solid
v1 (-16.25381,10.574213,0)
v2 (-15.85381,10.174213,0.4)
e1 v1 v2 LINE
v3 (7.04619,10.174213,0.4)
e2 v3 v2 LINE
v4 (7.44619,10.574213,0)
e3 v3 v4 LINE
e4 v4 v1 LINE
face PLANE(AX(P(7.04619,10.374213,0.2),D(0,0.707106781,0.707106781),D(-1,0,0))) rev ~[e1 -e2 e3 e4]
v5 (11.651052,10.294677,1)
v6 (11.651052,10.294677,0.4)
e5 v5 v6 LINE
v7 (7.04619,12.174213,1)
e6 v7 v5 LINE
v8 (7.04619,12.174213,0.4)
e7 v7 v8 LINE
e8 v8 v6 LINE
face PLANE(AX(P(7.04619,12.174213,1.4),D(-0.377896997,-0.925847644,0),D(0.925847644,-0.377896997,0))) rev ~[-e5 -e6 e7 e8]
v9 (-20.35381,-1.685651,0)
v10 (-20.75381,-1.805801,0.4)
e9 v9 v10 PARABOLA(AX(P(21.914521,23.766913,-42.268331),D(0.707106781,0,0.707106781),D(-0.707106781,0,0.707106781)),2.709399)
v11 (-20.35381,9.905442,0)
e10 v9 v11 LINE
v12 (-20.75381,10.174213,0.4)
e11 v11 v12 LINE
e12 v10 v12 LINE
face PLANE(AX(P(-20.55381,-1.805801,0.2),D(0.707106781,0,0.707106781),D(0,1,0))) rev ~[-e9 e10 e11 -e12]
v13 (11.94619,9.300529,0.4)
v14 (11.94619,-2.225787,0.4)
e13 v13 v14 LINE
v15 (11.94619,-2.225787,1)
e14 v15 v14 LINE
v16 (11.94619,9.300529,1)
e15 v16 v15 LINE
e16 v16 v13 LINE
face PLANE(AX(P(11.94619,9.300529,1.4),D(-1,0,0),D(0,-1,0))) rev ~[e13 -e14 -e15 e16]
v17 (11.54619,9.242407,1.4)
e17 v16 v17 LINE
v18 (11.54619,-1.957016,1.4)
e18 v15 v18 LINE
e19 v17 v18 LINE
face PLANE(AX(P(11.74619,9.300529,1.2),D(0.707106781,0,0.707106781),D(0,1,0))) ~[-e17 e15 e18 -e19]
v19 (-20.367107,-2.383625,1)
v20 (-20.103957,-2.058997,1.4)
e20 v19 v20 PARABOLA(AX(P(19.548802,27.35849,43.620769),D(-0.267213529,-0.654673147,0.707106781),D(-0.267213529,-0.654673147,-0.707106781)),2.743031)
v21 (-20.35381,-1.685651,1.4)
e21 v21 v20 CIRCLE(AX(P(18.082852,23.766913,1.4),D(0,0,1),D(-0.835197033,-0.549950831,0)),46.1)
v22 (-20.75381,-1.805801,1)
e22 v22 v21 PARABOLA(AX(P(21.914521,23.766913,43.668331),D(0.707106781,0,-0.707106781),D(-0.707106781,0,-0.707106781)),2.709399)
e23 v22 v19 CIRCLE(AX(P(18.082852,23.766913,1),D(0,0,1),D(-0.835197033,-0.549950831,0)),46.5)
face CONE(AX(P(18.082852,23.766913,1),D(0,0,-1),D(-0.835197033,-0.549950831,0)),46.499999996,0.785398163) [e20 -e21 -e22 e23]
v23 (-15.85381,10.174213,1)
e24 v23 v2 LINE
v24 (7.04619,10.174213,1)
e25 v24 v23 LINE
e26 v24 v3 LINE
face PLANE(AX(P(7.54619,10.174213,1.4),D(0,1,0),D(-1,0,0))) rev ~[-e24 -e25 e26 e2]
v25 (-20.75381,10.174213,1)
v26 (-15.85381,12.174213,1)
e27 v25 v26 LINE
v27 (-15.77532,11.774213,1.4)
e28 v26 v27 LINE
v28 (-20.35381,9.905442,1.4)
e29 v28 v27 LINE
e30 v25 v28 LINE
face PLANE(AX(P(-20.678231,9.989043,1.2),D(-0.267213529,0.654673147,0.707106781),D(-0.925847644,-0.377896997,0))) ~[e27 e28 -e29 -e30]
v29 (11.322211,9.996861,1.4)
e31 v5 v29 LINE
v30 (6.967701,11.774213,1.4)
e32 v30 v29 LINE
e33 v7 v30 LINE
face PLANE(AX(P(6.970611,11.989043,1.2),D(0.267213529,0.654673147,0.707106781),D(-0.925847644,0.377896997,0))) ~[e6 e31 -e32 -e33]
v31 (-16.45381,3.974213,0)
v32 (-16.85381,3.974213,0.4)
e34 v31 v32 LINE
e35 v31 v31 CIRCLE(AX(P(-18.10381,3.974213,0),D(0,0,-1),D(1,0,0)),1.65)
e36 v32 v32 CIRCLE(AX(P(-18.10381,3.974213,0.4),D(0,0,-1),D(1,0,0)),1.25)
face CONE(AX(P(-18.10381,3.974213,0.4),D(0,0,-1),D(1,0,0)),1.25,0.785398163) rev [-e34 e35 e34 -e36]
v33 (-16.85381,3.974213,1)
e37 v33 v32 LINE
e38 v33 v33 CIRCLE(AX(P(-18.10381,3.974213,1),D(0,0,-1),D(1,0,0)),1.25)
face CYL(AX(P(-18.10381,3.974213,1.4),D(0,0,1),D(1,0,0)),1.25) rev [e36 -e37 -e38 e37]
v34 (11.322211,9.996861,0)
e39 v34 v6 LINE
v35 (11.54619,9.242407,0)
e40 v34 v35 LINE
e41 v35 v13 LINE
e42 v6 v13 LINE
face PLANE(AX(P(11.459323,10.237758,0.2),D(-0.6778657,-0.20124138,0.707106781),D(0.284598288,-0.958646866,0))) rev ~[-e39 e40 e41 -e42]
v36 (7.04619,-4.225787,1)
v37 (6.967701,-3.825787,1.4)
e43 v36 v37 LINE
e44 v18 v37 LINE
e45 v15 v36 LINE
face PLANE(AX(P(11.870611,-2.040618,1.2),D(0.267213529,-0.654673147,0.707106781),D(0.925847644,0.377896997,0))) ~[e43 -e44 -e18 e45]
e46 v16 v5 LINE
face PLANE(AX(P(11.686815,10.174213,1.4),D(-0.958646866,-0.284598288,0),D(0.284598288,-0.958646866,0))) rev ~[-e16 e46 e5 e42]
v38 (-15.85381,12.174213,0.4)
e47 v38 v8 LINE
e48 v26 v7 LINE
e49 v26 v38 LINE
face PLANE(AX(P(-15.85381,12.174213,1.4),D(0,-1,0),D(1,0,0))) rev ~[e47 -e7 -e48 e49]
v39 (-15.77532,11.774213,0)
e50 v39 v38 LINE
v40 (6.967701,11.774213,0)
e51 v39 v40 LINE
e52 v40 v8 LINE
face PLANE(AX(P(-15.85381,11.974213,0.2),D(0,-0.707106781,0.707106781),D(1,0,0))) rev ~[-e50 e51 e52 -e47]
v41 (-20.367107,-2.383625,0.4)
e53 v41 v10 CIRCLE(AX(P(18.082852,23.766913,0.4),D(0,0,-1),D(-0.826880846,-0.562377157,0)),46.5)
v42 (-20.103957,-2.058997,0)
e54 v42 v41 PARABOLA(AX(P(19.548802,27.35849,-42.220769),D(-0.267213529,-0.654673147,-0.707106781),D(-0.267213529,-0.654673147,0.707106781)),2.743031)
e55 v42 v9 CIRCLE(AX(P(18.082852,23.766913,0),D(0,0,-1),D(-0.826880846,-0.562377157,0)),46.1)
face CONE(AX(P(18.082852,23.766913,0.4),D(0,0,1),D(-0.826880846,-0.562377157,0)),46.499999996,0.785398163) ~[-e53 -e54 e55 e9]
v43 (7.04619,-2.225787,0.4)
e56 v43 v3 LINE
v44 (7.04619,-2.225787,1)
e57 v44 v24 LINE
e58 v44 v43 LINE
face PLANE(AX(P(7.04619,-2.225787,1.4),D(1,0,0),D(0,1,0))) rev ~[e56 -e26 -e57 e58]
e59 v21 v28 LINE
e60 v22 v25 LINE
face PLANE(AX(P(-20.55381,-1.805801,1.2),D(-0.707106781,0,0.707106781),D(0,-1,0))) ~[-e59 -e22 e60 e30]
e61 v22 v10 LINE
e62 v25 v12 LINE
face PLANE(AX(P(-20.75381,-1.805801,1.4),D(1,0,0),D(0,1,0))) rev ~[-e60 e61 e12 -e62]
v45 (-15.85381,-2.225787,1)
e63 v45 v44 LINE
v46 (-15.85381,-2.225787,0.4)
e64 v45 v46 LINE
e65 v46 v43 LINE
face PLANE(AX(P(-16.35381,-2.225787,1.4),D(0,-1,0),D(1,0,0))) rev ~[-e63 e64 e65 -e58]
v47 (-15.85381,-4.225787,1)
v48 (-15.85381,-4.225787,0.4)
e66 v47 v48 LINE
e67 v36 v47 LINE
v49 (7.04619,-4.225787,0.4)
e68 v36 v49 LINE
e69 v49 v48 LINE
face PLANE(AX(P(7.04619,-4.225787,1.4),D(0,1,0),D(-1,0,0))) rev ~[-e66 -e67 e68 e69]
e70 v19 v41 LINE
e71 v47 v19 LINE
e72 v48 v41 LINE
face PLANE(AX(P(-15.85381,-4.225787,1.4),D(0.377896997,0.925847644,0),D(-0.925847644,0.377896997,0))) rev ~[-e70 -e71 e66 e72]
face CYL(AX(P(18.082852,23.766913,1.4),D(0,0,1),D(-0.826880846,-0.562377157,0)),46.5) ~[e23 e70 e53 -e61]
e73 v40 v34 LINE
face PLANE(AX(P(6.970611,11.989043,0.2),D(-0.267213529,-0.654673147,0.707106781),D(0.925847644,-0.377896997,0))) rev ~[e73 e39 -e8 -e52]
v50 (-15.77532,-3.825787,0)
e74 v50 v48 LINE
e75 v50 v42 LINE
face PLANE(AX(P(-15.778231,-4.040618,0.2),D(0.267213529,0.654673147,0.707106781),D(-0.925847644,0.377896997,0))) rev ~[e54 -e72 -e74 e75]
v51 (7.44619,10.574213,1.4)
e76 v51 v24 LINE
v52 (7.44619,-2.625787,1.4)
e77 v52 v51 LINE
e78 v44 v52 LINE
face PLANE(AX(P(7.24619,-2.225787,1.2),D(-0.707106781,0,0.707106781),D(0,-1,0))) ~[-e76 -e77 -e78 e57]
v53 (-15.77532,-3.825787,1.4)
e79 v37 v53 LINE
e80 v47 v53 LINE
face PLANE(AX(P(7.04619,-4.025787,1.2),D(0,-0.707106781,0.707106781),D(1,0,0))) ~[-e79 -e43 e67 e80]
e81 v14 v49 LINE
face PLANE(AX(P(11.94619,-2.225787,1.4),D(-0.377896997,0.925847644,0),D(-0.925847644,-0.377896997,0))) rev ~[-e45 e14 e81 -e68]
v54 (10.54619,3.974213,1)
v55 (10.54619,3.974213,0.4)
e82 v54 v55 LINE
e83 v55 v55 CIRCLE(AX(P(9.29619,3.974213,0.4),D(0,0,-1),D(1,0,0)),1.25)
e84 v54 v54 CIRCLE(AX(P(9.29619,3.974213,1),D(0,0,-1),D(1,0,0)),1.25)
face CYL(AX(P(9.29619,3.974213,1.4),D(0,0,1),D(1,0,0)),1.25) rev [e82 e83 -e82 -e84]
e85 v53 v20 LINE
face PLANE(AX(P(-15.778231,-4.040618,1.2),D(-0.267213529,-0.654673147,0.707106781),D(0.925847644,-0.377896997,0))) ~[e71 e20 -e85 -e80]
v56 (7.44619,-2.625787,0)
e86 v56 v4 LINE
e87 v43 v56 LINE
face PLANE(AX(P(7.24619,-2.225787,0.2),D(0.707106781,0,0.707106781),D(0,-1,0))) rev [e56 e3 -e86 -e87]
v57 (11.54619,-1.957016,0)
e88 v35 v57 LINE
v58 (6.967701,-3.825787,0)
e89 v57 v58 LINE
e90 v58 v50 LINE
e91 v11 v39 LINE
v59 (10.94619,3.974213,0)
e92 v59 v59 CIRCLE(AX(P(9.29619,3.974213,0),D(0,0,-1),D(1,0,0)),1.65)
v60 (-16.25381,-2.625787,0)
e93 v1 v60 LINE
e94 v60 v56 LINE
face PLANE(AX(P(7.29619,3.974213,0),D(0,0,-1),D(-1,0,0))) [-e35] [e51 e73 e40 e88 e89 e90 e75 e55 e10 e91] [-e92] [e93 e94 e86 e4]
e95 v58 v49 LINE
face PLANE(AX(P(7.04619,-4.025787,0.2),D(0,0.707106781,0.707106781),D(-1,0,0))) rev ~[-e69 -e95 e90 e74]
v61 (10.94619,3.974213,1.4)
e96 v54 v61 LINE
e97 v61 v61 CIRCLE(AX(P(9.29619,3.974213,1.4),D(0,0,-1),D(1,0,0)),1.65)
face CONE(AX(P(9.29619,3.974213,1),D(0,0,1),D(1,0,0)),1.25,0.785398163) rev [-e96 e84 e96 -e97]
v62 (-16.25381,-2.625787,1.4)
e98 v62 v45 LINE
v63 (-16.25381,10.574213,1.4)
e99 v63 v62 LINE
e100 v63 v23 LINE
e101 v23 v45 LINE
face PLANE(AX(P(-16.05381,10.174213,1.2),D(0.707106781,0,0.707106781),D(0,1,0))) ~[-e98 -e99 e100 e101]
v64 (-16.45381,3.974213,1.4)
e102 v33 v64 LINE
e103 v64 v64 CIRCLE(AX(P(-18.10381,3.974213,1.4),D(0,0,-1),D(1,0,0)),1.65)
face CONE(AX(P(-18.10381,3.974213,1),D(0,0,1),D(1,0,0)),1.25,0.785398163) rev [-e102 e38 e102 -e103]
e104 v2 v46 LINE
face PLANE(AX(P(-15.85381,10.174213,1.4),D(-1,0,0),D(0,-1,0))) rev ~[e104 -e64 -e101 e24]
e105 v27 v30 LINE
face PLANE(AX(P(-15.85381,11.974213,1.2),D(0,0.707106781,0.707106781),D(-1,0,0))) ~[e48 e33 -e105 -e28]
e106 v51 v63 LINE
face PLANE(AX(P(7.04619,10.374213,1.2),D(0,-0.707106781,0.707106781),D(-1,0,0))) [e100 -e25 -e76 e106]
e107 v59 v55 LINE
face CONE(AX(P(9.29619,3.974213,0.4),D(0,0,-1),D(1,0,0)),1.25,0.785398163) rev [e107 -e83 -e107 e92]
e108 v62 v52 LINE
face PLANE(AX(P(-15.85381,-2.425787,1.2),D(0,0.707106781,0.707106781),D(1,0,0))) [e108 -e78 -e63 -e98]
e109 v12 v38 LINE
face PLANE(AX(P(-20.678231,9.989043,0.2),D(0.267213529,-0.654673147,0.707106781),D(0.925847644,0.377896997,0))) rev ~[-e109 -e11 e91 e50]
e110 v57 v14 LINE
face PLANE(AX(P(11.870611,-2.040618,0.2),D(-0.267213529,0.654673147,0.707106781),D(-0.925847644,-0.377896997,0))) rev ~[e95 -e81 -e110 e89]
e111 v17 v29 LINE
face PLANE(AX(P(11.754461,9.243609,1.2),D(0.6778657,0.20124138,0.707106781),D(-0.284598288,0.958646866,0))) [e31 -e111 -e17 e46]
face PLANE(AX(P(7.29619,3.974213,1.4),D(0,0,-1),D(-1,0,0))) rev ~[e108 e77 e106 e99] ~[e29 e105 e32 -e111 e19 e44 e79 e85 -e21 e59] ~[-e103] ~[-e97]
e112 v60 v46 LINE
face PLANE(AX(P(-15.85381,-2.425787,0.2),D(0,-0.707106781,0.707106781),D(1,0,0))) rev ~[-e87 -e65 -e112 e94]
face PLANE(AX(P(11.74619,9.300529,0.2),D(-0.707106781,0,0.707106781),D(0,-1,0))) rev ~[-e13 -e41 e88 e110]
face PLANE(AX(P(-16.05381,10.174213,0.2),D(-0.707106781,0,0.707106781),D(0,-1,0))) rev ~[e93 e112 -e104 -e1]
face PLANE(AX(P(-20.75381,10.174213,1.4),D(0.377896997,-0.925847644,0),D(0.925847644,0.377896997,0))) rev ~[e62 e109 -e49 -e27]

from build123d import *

# Parameters (mm, degrees)
SKETCH4_R           = 1.2500000000000009
SKETCH4_R_2         = 1.2499999999999993
BOSS_EXTRUDE1_DEPTH = 1.4
CHAMFER1_SIZE       = 0.4


with BuildPart() as part:
    # Sketch4 → Boss-Extrude1 (new body)
    # profile 1 of 8: a face of its own
    with BuildSketch(Plane(origin=(-1.7e-16, 0, 1.4000000000000032), x_dir=(-1, 0, -1.2e-16), z_dir=(1.2e-16, 0, -1))):
        Polygon((-7.546190091207485, 10.174212835332735), (-7.046190091207492, 10.174212835332735), (15.853809908792503, 10.174212835332744), (16.35380990879248, 10.174212835332744), (16.35380990879248, 10.674212835332737), (-7.546190091207485, 10.674212835332732), align=None)
    # profile 2 of 8: a face of its own
    with BuildSketch(Plane(origin=(-1.7e-16, 0, 1.4000000000000032), x_dir=(-1, 0, -1.2e-16), z_dir=(1.2e-16, 0, -1))):
        Polygon((-11.686815091207489, 10.17421283533274), (-7.546190091207485, 10.174212835332735), (-7.546190091207485, 10.674212835332732), (16.35380990879248, 10.674212835332737), (16.35380990879248, 10.174212835332744), (20.7538099087925, 10.17421283533274), (15.853809908792503, 12.174212835332744), (-7.046190091207496, 12.174212835332744), (-11.65105221022055, 10.294677276551901), align=None)
    # profile 3 of 8: a face of its own
    with BuildSketch(Plane(origin=(-1.7e-16, 0, 1.4000000000000032), x_dir=(-1, 0, -1.2e-16), z_dir=(1.2e-16, 0, -1))):
        with BuildLine():
            Line((16.35380990879248, 10.174212835332744), (16.353809908792496, -2.225787164667265))
            Line((16.353809908792496, -2.225787164667266), (20.4739831765189, -2.2257871646672647))
            ThreePointArc((20.473983176518885, -2.2257871646672385), (20.614466316717532, -2.0161736201746514), (20.753809908793457, -1.8058008223556463))
            Line((20.753809908792505, -1.805800822355394), (20.7538099087925, 10.17421283533274))
            Line((20.7538099087925, 10.17421283533274), (16.35380990879248, 10.174212835332744))
        make_face()
        with Locations(Location((18.103809908792506, 3.9742128353327333, 0), (0, 0, 180))):
            Circle(SKETCH4_R, mode=Mode.SUBTRACT)
    # profile 4 of 8: a face of its own
    with BuildSketch(Plane(origin=(-1.7e-16, 0, 1.4000000000000032), x_dir=(-1, 0, -1.2e-16), z_dir=(1.2e-16, 0, -1))):
        with BuildLine():
            Line((-7.54619009120748, -2.7257871646672593), (-7.54619009120748, -2.225787164667266))
            Line((-7.54619009120748, -2.225787164667266), (-11.946190091207495, -2.225787164667265))
            Line((-11.946190091207495, -2.225787164667265), (-7.046190091207487, -4.225787164667266))
            Line((-7.046190091207487, -4.225787164667266), (15.853809908792512, -4.225787164667266))
            Line((15.85380990879251, -4.225787164667266), (20.36710720596046, -2.383625002557896))
            ThreePointArc((20.367107205960004, -2.3836250025573023), (20.420626069676963, -2.3047608484368673), (20.473983176518885, -2.2257871646672385))
            Line((20.4739831765189, -2.2257871646672647), (16.353809908792496, -2.225787164667266))
            Line((16.353809908792496, -2.225787164667265), (16.353809908792496, -2.7257871646672562))
            Line((16.353809908792496, -2.725787164667256), (-7.546190091207482, -2.7257871646672593))
        make_face()
    # profile 5 of 8: a face of its own
    with BuildSketch(Plane(origin=(-1.7e-16, 0, 1.4000000000000032), x_dir=(-1, 0, -1.2e-16), z_dir=(1.2e-16, 0, -1))):
        Polygon((15.853809908792512, -2.225787164667266), (-7.046190091207487, -2.225787164667266), (-7.54619009120748, -2.225787164667266), (-7.54619009120748, -2.7257871646672593), (16.353809908792496, -2.725787164667256), (16.353809908792496, -2.225787164667265), align=None)
    # profile 6 of 8: a face of its own
    with BuildSketch(Plane(origin=(-1.7e-16, 0, 1.4000000000000032), x_dir=(-1, 0, -1.2e-16), z_dir=(1.2e-16, 0, -1))):
        Polygon((-11.946190091207495, -2.225787164667265), (-7.54619009120748, -2.225787164667266), (-7.546190091207485, 10.174212835332735), (-11.686815091207489, 10.17421283533274), (-11.946190091207496, 9.300528624806402), align=None)
        with Locations(Location((-9.296190091207496, 3.9742128353327333, 0), (0, 0, 180))):
            Circle(SKETCH4_R_2, mode=Mode.SUBTRACT)
    # profile 7 of 8: a face of its own
    with BuildSketch(Plane(origin=(-1.7e-16, 0, 1.4000000000000032), x_dir=(-1, 0, -1.2e-16), z_dir=(1.2e-16, 0, -1))):
        Polygon((15.853809908792503, 10.174212835332742), (15.85380990879251, -2.225787164667266), (16.353809908792496, -2.225787164667266), (16.35380990879248, 10.174212835332744), align=None)
    # profile 8 of 8: a face of its own
    with BuildSketch(Plane(origin=(-1.7e-16, 0, 1.4000000000000032), x_dir=(-1, 0, -1.2e-16), z_dir=(1.2e-16, 0, -1))):
        Polygon((-7.54619009120748, -2.225787164667266), (-7.046190091207487, -2.225787164667266), (-7.046190091207492, 10.174212835332735), (-7.546190091207485, 10.174212835332735), align=None)
    extrude(amount=BOSS_EXTRUDE1_DEPTH)

    # Chamfer1
    chamfer1_edges = [part.edges().sort_by_distance(p)[0] for p in [
        (8.046190091207496, 3.974212835332733, 1.4000000000000041),
        (-19.353809908792506, 3.974212835332733, 1.4000000000000008),
        (-4.403809908792507, 10.17421283533274, 1.4000000000000028),
        (7.04619009120749, 3.974212835332734, 1.4000000000000041),
        (-4.403809908792514, -2.2257871646672656, 1.4000000000000028),
        (-15.853809908792506, 3.9742128353327377, 1.4000000000000012),
        (11.798621150714023, 9.797602950679153, 1.4000000000000048),
        (9.348621150714022, 11.234445055942324, 1.4000000000000044),
        (-4.403809908792503, 12.174212835332744, 1.4000000000000028),
        (-18.303809908792502, 11.174212835332742, 1.400000000000001),
        (-20.753809908792505, 4.184206006488673, 1.4000000000000008),
        (-20.56153855062731, -2.095435686482624, 1.4000000000000008),
        (-18.110458557376482, -3.3047060836125812, 1.400000000000001),
        (-4.403809908792512, -4.225787164667266, 1.4000000000000028),
        (9.496190091207492, -3.2257871646672656, 1.4000000000000044),
        (11.946190091207495, 3.5373707300695685, 1.4000000000000048),
        (11.798621150714023, 9.797602950679153, 4.78e-15),
        (7.04619009120749, 3.974212835332734, 4.19e-15),
        (-4.40380990879251, -2.2257871646672656, 2.79e-15),
        (-15.853809908792506, 3.9742128353327377, 1.39e-15),
        (8.046190091207496, 3.974212835332733, 4.32e-15),
        (-19.353809908792506, 3.974212835332733, 9.6e-16),
        (9.348621150714022, 11.234445055942324, 4.48e-15),
        (-4.403809908792503, 12.174212835332744, 2.79e-15),
        (-18.303809908792502, 11.174212835332742, 1.09e-15),
        (-20.753809908792505, 4.184206006488673, 7.9e-16),
        (-20.56153855062727, -2.095435686482599, 8.1e-16),
        (-18.110458557376482, -3.3047060836125812, 1.11e-15),
        (-4.403809908792512, -4.225787164667266, 2.79e-15),
        (9.496190091207492, -3.2257871646672656, 4.49e-15),
        (11.946190091207495, 3.5373707300695685, 4.79e-15),
        (-4.403809908792507, 10.17421283533274, 2.79e-15),
    ]]
    chamfer(chamfer1_edges, length=CHAMFER1_SIZE)


solid = part.part
